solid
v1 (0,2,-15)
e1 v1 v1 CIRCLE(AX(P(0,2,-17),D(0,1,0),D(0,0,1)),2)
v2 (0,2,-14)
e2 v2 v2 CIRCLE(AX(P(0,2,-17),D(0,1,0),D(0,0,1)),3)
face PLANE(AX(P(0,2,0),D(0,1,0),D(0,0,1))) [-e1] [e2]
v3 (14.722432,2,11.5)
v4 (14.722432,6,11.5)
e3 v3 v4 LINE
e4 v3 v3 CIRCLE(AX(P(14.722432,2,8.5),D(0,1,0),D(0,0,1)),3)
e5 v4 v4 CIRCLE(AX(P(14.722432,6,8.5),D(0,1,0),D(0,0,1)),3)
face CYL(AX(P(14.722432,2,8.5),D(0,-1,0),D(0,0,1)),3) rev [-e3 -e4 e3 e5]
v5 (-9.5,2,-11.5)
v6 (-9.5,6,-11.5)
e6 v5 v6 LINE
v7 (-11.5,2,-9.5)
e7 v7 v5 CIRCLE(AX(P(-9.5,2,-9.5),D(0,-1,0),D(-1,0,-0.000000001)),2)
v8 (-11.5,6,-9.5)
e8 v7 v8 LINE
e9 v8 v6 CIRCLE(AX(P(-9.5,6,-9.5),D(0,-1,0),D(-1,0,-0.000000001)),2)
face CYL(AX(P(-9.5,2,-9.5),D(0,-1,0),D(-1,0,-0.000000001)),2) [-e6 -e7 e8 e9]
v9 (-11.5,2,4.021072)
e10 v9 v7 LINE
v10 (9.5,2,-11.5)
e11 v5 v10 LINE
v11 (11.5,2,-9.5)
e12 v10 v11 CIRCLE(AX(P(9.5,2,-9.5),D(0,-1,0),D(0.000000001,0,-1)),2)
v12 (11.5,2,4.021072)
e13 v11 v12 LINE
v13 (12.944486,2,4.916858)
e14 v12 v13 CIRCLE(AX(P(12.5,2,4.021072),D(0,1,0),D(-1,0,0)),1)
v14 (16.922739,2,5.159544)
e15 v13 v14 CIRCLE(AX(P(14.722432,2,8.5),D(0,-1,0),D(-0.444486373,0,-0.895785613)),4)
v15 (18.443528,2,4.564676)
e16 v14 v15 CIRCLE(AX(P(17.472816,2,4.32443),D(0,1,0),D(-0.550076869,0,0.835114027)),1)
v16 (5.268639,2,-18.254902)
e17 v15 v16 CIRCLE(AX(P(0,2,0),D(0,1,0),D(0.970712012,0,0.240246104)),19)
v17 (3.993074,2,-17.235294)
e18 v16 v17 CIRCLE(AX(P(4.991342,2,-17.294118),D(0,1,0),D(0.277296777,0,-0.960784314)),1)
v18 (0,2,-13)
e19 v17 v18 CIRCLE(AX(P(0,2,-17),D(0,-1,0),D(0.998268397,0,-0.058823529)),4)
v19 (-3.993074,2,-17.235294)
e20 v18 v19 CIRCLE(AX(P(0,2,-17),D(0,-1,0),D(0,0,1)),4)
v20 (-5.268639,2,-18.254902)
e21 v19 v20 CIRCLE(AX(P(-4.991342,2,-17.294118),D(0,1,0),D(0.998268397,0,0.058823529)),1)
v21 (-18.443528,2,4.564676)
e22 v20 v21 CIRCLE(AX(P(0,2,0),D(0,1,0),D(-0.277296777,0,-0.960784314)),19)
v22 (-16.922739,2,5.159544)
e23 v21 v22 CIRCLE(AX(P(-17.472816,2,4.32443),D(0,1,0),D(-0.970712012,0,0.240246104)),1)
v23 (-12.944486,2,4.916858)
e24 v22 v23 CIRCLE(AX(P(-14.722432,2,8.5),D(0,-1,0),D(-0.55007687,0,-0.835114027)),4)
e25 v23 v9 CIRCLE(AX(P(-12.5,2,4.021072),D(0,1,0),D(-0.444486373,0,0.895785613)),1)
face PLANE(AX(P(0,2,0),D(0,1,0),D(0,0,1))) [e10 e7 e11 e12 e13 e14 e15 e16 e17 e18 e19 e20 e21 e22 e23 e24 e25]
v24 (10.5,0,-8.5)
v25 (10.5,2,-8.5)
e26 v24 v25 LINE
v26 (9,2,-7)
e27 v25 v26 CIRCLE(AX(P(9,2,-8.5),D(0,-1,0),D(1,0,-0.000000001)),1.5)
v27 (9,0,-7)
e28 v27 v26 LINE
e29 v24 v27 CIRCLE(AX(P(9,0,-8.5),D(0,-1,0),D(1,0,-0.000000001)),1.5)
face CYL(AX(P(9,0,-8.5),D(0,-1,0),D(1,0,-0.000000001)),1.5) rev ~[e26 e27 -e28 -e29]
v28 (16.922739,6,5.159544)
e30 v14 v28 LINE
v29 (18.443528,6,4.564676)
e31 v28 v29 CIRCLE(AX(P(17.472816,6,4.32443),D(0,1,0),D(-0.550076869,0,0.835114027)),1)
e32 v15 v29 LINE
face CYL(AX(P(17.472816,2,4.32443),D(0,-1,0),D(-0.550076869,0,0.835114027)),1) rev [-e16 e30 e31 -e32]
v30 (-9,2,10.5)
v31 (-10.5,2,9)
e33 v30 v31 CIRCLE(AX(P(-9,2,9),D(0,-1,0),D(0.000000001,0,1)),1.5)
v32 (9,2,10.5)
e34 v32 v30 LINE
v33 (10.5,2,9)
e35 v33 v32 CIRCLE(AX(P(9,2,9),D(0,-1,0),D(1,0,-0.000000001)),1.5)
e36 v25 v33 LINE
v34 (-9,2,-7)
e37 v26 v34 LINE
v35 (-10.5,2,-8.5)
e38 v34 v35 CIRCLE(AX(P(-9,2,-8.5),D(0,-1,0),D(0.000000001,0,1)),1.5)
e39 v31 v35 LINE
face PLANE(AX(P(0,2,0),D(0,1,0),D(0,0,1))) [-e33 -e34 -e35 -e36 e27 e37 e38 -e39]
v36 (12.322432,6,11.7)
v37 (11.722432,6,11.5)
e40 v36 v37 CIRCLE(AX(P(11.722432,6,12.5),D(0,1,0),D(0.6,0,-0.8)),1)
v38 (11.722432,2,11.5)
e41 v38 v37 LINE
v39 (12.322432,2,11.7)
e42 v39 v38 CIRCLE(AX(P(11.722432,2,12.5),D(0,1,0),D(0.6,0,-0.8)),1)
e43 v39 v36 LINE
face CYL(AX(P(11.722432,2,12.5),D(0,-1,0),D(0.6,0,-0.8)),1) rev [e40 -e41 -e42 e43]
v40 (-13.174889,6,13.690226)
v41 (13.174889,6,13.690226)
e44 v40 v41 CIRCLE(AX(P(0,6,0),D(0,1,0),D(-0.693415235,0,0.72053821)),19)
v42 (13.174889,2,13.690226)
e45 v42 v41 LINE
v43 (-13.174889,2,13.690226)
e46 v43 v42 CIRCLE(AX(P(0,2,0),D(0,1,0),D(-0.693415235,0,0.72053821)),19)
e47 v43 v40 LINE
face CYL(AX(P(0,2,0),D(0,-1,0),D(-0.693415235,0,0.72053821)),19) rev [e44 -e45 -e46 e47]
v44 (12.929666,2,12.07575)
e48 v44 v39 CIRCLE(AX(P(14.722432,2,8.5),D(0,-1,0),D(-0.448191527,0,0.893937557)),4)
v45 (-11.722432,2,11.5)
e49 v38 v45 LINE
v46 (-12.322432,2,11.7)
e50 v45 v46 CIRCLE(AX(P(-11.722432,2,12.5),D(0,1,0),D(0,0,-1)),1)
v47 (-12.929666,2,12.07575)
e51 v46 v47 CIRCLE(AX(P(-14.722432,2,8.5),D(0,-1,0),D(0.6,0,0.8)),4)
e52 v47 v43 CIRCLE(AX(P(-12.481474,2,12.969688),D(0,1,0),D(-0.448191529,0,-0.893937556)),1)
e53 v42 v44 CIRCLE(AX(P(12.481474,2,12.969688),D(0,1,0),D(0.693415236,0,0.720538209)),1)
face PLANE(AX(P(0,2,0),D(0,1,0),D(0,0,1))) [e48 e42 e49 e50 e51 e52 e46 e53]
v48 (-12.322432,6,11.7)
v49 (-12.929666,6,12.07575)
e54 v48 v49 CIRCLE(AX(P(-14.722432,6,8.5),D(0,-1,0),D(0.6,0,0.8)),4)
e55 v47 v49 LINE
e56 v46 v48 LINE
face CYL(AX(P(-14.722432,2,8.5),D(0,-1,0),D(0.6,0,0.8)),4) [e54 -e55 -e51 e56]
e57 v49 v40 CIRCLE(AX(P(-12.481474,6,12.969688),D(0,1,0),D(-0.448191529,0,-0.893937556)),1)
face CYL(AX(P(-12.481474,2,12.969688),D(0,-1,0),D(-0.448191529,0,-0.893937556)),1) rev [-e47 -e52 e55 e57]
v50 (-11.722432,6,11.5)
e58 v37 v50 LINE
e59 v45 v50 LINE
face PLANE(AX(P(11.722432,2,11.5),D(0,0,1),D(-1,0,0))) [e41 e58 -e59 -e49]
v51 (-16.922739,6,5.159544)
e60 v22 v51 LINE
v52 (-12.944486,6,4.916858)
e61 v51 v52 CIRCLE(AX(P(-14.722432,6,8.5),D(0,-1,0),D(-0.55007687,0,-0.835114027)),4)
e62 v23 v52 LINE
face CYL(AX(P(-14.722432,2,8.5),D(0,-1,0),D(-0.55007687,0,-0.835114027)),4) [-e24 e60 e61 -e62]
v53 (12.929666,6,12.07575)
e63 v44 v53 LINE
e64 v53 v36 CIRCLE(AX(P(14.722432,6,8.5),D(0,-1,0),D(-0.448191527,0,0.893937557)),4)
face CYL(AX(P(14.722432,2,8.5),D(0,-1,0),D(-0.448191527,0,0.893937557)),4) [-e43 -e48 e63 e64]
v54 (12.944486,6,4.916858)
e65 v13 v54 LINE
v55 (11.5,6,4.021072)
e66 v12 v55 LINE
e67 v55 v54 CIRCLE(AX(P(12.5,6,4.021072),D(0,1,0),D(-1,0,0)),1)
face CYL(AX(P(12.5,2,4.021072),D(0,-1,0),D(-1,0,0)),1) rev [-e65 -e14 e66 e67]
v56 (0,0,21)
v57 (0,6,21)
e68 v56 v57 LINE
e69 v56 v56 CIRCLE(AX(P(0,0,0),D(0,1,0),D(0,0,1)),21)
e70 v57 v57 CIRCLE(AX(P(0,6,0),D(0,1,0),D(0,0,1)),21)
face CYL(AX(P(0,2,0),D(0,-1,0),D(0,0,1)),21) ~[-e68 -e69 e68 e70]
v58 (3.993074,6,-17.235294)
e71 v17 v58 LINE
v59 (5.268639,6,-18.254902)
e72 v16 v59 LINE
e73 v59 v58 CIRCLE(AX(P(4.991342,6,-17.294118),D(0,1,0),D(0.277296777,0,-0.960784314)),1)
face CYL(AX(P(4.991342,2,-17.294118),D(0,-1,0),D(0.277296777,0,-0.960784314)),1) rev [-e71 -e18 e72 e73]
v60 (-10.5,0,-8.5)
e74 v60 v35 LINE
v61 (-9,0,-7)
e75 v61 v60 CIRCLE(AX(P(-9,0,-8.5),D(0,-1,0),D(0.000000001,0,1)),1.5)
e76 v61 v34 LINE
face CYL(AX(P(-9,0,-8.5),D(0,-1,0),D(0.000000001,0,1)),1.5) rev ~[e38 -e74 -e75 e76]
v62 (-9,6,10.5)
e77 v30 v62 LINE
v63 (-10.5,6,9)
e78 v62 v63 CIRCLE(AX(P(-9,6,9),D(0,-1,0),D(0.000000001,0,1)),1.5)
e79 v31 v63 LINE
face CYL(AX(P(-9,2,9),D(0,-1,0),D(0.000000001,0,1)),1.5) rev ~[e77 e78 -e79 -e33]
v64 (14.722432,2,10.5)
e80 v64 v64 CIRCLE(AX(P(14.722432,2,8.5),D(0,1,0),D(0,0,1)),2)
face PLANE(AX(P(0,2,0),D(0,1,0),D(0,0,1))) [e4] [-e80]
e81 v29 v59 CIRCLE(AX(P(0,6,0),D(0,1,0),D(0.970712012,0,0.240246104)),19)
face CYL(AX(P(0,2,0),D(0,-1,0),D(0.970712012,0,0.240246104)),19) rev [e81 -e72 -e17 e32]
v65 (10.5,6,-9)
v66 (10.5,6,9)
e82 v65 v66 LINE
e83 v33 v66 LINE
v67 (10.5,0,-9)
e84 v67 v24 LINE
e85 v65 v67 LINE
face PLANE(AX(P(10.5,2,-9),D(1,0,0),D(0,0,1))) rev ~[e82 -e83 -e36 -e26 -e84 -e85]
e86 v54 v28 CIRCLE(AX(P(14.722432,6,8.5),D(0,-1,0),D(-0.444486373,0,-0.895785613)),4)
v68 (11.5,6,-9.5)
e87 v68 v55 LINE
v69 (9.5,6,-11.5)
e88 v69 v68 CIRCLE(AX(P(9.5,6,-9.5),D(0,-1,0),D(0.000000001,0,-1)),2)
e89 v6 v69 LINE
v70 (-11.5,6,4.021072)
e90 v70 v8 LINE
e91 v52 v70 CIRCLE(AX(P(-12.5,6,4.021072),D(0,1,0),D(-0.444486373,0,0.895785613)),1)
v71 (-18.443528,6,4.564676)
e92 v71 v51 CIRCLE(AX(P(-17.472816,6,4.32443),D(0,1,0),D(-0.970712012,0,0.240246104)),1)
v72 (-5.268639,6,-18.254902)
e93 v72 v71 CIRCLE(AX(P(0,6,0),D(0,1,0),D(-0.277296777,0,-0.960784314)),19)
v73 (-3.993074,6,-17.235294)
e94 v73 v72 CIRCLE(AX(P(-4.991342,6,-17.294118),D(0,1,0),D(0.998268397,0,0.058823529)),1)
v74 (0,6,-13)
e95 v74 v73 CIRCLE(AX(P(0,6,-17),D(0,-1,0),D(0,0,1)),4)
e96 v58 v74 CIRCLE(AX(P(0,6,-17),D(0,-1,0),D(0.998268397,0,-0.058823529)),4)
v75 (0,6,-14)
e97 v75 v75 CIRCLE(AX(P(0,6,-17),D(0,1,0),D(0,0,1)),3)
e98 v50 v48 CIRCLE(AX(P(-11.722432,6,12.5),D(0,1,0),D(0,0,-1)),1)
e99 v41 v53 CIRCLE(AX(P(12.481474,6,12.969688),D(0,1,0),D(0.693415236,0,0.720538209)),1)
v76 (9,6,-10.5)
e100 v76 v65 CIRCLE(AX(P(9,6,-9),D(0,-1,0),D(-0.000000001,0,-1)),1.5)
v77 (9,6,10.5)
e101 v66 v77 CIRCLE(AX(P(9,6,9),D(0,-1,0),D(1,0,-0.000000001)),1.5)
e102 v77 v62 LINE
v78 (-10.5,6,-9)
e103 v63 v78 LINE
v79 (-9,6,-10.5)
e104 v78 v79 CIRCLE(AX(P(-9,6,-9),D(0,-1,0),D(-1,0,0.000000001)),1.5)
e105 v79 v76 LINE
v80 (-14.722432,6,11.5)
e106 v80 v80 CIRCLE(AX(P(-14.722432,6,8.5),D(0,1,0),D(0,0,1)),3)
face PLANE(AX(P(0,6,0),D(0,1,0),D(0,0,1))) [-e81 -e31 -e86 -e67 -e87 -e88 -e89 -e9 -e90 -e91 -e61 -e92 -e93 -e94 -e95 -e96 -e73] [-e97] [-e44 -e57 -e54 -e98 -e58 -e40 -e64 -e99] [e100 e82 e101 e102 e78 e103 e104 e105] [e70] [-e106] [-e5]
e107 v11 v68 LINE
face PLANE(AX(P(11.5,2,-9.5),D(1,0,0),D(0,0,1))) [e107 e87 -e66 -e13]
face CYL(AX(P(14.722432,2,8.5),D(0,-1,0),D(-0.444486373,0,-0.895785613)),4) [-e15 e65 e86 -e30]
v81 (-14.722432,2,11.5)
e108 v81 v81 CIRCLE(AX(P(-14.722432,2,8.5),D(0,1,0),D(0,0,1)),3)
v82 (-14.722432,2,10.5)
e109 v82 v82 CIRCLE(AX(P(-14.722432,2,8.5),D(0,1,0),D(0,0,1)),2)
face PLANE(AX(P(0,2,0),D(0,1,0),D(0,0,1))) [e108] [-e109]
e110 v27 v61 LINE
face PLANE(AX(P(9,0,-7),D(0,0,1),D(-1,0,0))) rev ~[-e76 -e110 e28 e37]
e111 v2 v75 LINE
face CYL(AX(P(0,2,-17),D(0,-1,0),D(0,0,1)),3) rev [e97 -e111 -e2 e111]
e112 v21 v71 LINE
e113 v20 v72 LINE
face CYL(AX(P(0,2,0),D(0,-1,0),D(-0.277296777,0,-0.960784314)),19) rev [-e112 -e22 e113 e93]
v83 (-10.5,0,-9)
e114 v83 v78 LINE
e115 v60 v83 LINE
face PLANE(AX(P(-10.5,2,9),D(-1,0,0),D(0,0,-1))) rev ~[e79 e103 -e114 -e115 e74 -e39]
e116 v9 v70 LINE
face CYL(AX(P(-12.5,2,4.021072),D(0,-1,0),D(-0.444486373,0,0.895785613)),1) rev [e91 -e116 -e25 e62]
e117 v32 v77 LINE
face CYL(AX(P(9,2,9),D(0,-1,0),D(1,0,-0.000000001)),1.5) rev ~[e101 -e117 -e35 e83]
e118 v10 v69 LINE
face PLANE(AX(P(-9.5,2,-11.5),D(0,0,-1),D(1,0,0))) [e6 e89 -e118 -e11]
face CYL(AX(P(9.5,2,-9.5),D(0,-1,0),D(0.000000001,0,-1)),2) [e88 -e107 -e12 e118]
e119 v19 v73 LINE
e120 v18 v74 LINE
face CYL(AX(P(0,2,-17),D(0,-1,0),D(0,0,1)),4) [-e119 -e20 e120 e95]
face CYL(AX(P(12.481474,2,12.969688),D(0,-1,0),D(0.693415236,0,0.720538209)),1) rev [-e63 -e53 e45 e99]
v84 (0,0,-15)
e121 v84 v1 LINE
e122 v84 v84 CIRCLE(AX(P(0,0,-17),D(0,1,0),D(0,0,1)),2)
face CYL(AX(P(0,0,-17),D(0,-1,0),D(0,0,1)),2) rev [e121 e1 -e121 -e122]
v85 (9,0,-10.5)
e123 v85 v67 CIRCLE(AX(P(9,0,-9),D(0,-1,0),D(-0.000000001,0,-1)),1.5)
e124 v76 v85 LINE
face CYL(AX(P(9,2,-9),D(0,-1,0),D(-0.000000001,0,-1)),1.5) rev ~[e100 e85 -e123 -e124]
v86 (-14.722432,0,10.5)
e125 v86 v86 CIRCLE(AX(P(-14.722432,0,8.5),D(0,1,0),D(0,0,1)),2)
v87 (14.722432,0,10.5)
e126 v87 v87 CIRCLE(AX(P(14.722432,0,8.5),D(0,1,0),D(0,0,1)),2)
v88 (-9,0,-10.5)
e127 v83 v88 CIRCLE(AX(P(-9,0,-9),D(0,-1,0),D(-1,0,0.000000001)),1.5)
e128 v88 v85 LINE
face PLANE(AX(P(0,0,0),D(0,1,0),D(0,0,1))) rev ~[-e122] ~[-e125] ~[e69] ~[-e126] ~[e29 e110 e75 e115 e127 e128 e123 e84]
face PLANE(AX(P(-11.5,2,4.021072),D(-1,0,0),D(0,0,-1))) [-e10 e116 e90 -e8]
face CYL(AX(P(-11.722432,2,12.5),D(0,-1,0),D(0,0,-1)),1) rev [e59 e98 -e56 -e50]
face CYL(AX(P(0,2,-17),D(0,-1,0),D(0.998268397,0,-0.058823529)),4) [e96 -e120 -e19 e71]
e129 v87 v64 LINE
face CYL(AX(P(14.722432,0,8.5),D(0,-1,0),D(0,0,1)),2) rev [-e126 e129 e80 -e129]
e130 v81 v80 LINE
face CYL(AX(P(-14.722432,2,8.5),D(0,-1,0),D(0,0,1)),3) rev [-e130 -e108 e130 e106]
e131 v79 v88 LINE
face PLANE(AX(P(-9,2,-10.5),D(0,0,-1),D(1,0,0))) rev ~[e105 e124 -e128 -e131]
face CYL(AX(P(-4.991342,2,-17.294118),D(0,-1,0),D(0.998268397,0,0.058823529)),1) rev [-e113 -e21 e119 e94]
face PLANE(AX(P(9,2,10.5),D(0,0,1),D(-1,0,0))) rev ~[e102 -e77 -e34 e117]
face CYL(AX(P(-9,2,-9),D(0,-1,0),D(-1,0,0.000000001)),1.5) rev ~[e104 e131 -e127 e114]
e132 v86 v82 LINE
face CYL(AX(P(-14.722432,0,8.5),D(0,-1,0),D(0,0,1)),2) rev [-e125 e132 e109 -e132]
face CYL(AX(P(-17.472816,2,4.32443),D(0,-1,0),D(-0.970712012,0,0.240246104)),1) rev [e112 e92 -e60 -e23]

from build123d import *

# Parameters (mm, degrees)
SKETCH1_R           = 21
BOSS_EXTRUDE1_DEPTH = 2
SKETCH2_R           = 21
SKETCH2_R_2         = 3
BOSS_EXTRUDE2_DEPTH = 4
CUT_EXTRUDE1_START  = -2
SKETCH3_R           = 2
CUT_EXTRUDE1_DEPTH  = 2


with BuildPart() as part:
    # Sketch1 → Boss-Extrude1 (new body)
    with BuildSketch(Plane(origin=(0, 0, 0), x_dir=(1, 0, 0), z_dir=(0, 1, 0))):
        with Locations(Location((0, 0, 0), (0, 0, 270))):
            Circle(SKETCH1_R)
    extrude(amount=BOSS_EXTRUDE1_DEPTH)

    # Sketch2 → Boss-Extrude2 (add)
    with BuildSketch(Plane(origin=(0, 2, 0), x_dir=(1, 0, 0), z_dir=(0, 1, 0))):
        with Locations(Location((0, 0, 0), (0, 0, 270))):
            Circle(SKETCH2_R)
        with Locations(Location((0, 17, 0), (0, 0, 270))):
            Circle(SKETCH2_R_2, mode=Mode.SUBTRACT)
        with Locations(Location((14.722431864, -8.5, 0), (0, 0, 270))):
            Circle(SKETCH2_R_2, mode=Mode.SUBTRACT)
        with Locations(Location((-14.722431864, -8.5, 0), (0, 0, 270))):
            Circle(SKETCH2_R_2, mode=Mode.SUBTRACT)
        with BuildLine():
            Line((-11.5, -4.021071935), (-11.5, 9.5))
            ThreePointArc((-11.5, 9.5), (-10.914213562, 10.914213562), (-9.5, 11.5))
            Line((-9.5, 11.5), (9.5, 11.5))
            ThreePointArc((9.5, 11.5), (10.914213562, 10.914213562), (11.5, 9.5))
            Line((11.5, 9.5), (11.5, -4.021071935))
            ThreePointArc((11.5, -4.021071935), (11.972973612, -4.870920855), (12.944486373, -4.916857548))
            ThreePointArc((12.944486373, -4.916857548), (14.965992077, -4.507422083), (16.922739342, -5.159543893))
            ThreePointArc((16.922739342, -5.159543893), (17.83709693, -5.255719057), (18.443528223, -4.564675969))
            ThreePointArc((18.443528223, -4.564675969), (16.454482672, 9.5), (5.268638762, 18.254901961))
            ThreePointArc((5.268638762, 18.254901961), (4.366962246, 18.075238599), (3.993073588, 17.235294118))
            ThreePointArc((3.993073588, 17.235294118), (2.9104275, 14.256022638), (0, 13))
            ThreePointArc((0, 13), (-2.9104275, 14.256022638), (-3.993073588, 17.235294118))
            ThreePointArc((-3.993073588, 17.235294118), (-4.366962246, 18.075238599), (-5.268638762, 18.254901961))
            ThreePointArc((-5.268638762, 18.254901961), (-16.454482672, 9.5), (-18.443528223, -4.564675969))
            ThreePointArc((-18.443528223, -4.564675969), (-17.83709693, -5.255719057), (-16.922739342, -5.159543893))
            ThreePointArc((-16.922739342, -5.159543893), (-14.965992077, -4.507422083), (-12.944486373, -4.916857548))
            ThreePointArc((-12.944486373, -4.916857548), (-11.972973612, -4.870920855), (-11.5, -4.021071935))
        make_face(mode=Mode.SUBTRACT)
        with BuildLine():
            Line((9, -10.5), (-9, -10.5))
            ThreePointArc((-9, -10.5), (-10.060660172, -10.060660172), (-10.5, -9))
            Line((-10.5, -9), (-10.5, 9))
            ThreePointArc((-10.5, 9), (-10.060660172, 10.060660172), (-9, 10.5))
            Line((-9, 10.5), (9, 10.5))
            ThreePointArc((9, 10.5), (10.060660172, 10.060660172), (10.5, 9))
            Line((10.5, 9), (10.5, -9))
            ThreePointArc((10.5, -9), (10.060660172, -10.060660172), (9, -10.5))
        make_face(mode=Mode.SUBTRACT)
        with BuildLine():
            Line((11.5, -11.5), (-11.5, -11.5))
            Line((-11.5, -11.5), (-11.722431864, -11.5))
            ThreePointArc((-11.722431864, -11.5), (-12.03865963, -11.551316702), (-12.322431864, -11.7))
            ThreePointArc((-12.322431864, -11.7), (-12.617647084, -11.901452782), (-12.929665754, -12.075750225))
            ThreePointArc((-12.929665754, -12.075750225), (-13.470134683, -12.819519543), (-13.174889461, -13.690225991))
            ThreePointArc((-13.174889461, -13.690225991), (0, -19), (13.174889461, -13.690225991))
            ThreePointArc((13.174889461, -13.690225991), (13.470134683, -12.819519543), (12.929665754, -12.075750225))
            ThreePointArc((12.929665754, -12.075750225), (12.617647084, -11.901452782), (12.322431864, -11.7))
            ThreePointArc((12.322431864, -11.7), (12.03865963, -11.551316702), (11.722431864, -11.5))
            Line((11.722431864, -11.5), (11.5, -11.5))
        make_face(mode=Mode.SUBTRACT)
    extrude(amount=BOSS_EXTRUDE2_DEPTH)

    # Sketch3 → Cut-Extrude1 (cut)
    with BuildSketch(Plane(origin=(0, 2, 0), x_dir=(1, 0, 0), z_dir=(0, 1, 0)).offset(CUT_EXTRUDE1_START)):
        with Locations(Location((0, 17, 0), (0, 0, 270))):
            Circle(SKETCH3_R)
        with Locations(Location((14.722431864, -8.5, 0), (0, 0, 270))):
            Circle(SKETCH3_R)
        with Locations(Location((-14.722431864, -8.5, 0), (0, 0, 270))):
            Circle(SKETCH3_R)
        with BuildLine():
            Line((9, 7), (-9, 7))
            ThreePointArc((-9, 7), (-10.060660172, 7.439339828), (-10.5, 8.5))
            Line((-10.5, 8.5), (-10.5, 9))
            ThreePointArc((-10.5, 9), (-10.060660172, 10.060660172), (-9, 10.5))
            Line((-9, 10.5), (9, 10.5))
            ThreePointArc((9, 10.5), (10.060660172, 10.060660172), (10.5, 9))
            Line((10.5, 9), (10.5, 8.5))
            ThreePointArc((10.5, 8.5), (10.060660172, 7.439339828), (9, 7))
        make_face()
    extrude(amount=CUT_EXTRUDE1_DEPTH, mode=Mode.SUBTRACT)


solid = part.part
